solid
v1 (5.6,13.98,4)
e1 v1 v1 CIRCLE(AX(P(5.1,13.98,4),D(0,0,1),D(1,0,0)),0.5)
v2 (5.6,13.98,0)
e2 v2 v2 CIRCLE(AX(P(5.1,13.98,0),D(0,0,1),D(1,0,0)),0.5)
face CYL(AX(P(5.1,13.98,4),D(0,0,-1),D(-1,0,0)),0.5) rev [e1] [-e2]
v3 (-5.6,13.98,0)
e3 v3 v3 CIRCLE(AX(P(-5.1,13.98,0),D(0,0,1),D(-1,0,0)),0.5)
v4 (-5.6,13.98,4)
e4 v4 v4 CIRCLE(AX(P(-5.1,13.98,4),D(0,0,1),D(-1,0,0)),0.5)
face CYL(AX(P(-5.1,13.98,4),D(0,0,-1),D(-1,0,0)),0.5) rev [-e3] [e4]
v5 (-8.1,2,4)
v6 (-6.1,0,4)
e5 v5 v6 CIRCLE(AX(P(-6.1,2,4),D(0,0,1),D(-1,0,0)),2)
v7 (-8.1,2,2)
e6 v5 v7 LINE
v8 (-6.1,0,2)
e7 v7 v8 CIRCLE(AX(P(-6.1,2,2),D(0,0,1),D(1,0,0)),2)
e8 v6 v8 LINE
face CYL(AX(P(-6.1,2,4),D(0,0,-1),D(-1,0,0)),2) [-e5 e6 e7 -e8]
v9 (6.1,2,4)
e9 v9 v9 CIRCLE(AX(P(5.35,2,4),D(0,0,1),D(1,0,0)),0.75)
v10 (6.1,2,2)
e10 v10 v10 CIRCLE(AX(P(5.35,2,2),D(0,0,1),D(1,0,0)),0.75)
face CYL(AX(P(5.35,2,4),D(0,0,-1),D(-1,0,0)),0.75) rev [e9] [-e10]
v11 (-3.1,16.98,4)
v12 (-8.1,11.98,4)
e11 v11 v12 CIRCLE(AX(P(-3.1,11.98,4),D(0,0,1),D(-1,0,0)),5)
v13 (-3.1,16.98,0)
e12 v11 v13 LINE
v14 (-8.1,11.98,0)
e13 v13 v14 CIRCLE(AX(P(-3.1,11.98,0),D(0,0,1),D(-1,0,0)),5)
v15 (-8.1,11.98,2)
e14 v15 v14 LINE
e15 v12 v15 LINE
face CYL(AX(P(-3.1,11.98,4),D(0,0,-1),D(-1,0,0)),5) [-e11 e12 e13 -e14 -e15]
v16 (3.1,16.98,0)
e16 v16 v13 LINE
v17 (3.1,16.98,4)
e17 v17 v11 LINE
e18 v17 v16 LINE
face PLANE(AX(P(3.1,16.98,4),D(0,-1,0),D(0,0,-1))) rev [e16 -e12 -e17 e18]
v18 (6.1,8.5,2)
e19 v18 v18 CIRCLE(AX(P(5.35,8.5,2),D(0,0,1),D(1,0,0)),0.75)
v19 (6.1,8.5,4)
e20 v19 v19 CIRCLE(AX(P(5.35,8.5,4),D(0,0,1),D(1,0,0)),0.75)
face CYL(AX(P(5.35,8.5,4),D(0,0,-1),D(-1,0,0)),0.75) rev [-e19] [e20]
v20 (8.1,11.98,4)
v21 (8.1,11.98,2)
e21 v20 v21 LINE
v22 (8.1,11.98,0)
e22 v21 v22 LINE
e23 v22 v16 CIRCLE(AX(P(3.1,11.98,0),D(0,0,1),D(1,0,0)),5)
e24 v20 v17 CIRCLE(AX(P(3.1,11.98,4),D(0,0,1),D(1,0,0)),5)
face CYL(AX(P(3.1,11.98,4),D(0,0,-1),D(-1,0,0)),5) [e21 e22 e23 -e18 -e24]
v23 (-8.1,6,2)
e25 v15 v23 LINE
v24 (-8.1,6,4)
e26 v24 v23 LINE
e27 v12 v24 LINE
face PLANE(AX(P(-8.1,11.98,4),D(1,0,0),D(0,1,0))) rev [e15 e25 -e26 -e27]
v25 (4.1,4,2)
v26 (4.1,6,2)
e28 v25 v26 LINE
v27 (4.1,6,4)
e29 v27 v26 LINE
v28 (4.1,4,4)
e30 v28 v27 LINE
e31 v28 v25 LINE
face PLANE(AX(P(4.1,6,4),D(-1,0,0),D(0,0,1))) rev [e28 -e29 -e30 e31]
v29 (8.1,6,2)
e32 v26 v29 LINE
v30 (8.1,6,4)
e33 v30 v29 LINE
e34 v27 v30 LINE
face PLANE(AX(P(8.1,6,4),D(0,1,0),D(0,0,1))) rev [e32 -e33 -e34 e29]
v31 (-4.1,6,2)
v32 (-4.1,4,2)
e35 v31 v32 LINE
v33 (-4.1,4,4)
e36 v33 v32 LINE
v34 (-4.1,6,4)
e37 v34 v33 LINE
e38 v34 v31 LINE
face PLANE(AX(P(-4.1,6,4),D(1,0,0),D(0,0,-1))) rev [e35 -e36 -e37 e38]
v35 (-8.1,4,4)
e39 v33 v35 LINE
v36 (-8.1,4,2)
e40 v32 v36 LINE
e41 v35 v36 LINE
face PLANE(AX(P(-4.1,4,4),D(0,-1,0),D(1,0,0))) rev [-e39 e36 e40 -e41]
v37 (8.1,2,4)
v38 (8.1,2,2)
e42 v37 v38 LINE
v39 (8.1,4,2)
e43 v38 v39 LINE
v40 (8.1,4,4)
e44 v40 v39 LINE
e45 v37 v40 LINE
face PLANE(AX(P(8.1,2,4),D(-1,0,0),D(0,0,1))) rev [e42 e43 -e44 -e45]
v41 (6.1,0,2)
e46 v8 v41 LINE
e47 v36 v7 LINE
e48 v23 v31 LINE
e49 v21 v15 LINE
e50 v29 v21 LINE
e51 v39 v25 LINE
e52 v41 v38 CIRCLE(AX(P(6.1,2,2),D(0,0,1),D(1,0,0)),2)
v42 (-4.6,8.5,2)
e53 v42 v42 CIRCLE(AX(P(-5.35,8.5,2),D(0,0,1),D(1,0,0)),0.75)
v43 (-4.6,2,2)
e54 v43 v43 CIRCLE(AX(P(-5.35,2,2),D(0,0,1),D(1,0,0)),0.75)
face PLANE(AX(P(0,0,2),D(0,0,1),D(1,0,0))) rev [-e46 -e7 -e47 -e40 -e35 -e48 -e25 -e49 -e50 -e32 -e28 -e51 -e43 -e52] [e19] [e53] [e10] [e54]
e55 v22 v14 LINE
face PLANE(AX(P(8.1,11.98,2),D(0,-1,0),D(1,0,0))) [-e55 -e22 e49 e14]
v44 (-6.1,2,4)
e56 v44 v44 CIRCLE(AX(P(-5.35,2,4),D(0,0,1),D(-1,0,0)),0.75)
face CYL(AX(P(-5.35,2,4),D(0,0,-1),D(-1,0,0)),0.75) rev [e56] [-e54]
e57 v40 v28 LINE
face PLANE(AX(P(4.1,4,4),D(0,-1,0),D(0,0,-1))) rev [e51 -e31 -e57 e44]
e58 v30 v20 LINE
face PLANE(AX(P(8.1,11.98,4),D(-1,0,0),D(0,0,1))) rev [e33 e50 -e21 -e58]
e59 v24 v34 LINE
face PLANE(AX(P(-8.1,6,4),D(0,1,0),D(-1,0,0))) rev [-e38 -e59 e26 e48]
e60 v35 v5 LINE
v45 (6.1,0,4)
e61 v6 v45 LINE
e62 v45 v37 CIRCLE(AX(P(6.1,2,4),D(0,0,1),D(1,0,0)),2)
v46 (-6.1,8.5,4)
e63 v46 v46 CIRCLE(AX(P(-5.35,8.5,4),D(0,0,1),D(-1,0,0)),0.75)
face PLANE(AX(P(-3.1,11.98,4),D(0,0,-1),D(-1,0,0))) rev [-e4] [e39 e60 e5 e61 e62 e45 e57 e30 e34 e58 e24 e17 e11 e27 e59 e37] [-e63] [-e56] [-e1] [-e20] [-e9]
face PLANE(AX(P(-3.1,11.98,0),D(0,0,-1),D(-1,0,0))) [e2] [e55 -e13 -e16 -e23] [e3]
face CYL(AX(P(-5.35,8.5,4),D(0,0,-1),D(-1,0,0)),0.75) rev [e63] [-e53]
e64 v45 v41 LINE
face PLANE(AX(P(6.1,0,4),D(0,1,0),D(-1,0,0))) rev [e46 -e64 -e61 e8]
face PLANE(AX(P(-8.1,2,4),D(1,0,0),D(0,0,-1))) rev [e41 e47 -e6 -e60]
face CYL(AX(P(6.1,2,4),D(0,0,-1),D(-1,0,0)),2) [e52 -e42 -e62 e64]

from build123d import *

# Parameters (mm, degrees)
SKETCH1_R           = 0.75
SKETCH1_R_2         = 0.5
BOSS_EXTRUDE1_DEPTH = 4
SKETCH2_W           = 16.2
SKETCH2_H           = 11.98
CUT_EXTRUDE1_DEPTH  = 2


with BuildPart() as part:
    # Sketch1 → Boss-Extrude1 (new body)
    with BuildSketch(Plane.XY):
        with BuildLine():
            Line((3.1, 16.98), (-3.1, 16.98))
            ThreePointArc((-3.1, 16.98), (-6.635533906, 15.515533906), (-8.1, 11.98))
            Line((-8.1, 11.98), (-8.1, 6))
            Line((-8.1, 6), (-4.1, 6))
            Line((-4.1, 6), (-4.1, 4))
            Line((-4.1, 4), (-8.1, 4))
            Line((-8.1, 4), (-8.1, 2))
            ThreePointArc((-8.1, 2), (-7.514213562, 0.585786438), (-6.1, 0))
            Line((-6.1, 0), (6.1, 0))
            ThreePointArc((6.1, 0), (7.514213562, 0.585786438), (8.1, 2))
            Line((8.1, 2), (8.1, 4))
            Line((8.1, 4), (4.1, 4))
            Line((4.1, 4), (4.1, 6))
            Line((4.1, 6), (8.1, 6))
            Line((8.1, 6), (8.1, 11.98))
            ThreePointArc((8.1, 11.98), (6.635533906, 15.515533906), (3.1, 16.98))
        make_face()
        with Locations((-5.35, 2)):
            Circle(SKETCH1_R, mode=Mode.SUBTRACT)
        with Locations((-5.1, 13.98)):
            Circle(SKETCH1_R_2, mode=Mode.SUBTRACT)
        with Locations((-5.35, 8.5)):
            Circle(SKETCH1_R, mode=Mode.SUBTRACT)
        with Locations((5.35, 8.5)):
            Circle(SKETCH1_R, mode=Mode.SUBTRACT)
        with Locations((5.1, 13.98)):
            Circle(SKETCH1_R_2, mode=Mode.SUBTRACT)
        with Locations((5.35, 2)):
            Circle(SKETCH1_R, mode=Mode.SUBTRACT)
    extrude(amount=BOSS_EXTRUDE1_DEPTH)

    # Sketch2 → Cut-Extrude1 (cut)
    with BuildSketch(Plane.XY):
        with Locations((0, 5.99)):
            Rectangle(SKETCH2_W, SKETCH2_H)
    extrude(amount=CUT_EXTRUDE1_DEPTH, mode=Mode.SUBTRACT)


solid = part.part
